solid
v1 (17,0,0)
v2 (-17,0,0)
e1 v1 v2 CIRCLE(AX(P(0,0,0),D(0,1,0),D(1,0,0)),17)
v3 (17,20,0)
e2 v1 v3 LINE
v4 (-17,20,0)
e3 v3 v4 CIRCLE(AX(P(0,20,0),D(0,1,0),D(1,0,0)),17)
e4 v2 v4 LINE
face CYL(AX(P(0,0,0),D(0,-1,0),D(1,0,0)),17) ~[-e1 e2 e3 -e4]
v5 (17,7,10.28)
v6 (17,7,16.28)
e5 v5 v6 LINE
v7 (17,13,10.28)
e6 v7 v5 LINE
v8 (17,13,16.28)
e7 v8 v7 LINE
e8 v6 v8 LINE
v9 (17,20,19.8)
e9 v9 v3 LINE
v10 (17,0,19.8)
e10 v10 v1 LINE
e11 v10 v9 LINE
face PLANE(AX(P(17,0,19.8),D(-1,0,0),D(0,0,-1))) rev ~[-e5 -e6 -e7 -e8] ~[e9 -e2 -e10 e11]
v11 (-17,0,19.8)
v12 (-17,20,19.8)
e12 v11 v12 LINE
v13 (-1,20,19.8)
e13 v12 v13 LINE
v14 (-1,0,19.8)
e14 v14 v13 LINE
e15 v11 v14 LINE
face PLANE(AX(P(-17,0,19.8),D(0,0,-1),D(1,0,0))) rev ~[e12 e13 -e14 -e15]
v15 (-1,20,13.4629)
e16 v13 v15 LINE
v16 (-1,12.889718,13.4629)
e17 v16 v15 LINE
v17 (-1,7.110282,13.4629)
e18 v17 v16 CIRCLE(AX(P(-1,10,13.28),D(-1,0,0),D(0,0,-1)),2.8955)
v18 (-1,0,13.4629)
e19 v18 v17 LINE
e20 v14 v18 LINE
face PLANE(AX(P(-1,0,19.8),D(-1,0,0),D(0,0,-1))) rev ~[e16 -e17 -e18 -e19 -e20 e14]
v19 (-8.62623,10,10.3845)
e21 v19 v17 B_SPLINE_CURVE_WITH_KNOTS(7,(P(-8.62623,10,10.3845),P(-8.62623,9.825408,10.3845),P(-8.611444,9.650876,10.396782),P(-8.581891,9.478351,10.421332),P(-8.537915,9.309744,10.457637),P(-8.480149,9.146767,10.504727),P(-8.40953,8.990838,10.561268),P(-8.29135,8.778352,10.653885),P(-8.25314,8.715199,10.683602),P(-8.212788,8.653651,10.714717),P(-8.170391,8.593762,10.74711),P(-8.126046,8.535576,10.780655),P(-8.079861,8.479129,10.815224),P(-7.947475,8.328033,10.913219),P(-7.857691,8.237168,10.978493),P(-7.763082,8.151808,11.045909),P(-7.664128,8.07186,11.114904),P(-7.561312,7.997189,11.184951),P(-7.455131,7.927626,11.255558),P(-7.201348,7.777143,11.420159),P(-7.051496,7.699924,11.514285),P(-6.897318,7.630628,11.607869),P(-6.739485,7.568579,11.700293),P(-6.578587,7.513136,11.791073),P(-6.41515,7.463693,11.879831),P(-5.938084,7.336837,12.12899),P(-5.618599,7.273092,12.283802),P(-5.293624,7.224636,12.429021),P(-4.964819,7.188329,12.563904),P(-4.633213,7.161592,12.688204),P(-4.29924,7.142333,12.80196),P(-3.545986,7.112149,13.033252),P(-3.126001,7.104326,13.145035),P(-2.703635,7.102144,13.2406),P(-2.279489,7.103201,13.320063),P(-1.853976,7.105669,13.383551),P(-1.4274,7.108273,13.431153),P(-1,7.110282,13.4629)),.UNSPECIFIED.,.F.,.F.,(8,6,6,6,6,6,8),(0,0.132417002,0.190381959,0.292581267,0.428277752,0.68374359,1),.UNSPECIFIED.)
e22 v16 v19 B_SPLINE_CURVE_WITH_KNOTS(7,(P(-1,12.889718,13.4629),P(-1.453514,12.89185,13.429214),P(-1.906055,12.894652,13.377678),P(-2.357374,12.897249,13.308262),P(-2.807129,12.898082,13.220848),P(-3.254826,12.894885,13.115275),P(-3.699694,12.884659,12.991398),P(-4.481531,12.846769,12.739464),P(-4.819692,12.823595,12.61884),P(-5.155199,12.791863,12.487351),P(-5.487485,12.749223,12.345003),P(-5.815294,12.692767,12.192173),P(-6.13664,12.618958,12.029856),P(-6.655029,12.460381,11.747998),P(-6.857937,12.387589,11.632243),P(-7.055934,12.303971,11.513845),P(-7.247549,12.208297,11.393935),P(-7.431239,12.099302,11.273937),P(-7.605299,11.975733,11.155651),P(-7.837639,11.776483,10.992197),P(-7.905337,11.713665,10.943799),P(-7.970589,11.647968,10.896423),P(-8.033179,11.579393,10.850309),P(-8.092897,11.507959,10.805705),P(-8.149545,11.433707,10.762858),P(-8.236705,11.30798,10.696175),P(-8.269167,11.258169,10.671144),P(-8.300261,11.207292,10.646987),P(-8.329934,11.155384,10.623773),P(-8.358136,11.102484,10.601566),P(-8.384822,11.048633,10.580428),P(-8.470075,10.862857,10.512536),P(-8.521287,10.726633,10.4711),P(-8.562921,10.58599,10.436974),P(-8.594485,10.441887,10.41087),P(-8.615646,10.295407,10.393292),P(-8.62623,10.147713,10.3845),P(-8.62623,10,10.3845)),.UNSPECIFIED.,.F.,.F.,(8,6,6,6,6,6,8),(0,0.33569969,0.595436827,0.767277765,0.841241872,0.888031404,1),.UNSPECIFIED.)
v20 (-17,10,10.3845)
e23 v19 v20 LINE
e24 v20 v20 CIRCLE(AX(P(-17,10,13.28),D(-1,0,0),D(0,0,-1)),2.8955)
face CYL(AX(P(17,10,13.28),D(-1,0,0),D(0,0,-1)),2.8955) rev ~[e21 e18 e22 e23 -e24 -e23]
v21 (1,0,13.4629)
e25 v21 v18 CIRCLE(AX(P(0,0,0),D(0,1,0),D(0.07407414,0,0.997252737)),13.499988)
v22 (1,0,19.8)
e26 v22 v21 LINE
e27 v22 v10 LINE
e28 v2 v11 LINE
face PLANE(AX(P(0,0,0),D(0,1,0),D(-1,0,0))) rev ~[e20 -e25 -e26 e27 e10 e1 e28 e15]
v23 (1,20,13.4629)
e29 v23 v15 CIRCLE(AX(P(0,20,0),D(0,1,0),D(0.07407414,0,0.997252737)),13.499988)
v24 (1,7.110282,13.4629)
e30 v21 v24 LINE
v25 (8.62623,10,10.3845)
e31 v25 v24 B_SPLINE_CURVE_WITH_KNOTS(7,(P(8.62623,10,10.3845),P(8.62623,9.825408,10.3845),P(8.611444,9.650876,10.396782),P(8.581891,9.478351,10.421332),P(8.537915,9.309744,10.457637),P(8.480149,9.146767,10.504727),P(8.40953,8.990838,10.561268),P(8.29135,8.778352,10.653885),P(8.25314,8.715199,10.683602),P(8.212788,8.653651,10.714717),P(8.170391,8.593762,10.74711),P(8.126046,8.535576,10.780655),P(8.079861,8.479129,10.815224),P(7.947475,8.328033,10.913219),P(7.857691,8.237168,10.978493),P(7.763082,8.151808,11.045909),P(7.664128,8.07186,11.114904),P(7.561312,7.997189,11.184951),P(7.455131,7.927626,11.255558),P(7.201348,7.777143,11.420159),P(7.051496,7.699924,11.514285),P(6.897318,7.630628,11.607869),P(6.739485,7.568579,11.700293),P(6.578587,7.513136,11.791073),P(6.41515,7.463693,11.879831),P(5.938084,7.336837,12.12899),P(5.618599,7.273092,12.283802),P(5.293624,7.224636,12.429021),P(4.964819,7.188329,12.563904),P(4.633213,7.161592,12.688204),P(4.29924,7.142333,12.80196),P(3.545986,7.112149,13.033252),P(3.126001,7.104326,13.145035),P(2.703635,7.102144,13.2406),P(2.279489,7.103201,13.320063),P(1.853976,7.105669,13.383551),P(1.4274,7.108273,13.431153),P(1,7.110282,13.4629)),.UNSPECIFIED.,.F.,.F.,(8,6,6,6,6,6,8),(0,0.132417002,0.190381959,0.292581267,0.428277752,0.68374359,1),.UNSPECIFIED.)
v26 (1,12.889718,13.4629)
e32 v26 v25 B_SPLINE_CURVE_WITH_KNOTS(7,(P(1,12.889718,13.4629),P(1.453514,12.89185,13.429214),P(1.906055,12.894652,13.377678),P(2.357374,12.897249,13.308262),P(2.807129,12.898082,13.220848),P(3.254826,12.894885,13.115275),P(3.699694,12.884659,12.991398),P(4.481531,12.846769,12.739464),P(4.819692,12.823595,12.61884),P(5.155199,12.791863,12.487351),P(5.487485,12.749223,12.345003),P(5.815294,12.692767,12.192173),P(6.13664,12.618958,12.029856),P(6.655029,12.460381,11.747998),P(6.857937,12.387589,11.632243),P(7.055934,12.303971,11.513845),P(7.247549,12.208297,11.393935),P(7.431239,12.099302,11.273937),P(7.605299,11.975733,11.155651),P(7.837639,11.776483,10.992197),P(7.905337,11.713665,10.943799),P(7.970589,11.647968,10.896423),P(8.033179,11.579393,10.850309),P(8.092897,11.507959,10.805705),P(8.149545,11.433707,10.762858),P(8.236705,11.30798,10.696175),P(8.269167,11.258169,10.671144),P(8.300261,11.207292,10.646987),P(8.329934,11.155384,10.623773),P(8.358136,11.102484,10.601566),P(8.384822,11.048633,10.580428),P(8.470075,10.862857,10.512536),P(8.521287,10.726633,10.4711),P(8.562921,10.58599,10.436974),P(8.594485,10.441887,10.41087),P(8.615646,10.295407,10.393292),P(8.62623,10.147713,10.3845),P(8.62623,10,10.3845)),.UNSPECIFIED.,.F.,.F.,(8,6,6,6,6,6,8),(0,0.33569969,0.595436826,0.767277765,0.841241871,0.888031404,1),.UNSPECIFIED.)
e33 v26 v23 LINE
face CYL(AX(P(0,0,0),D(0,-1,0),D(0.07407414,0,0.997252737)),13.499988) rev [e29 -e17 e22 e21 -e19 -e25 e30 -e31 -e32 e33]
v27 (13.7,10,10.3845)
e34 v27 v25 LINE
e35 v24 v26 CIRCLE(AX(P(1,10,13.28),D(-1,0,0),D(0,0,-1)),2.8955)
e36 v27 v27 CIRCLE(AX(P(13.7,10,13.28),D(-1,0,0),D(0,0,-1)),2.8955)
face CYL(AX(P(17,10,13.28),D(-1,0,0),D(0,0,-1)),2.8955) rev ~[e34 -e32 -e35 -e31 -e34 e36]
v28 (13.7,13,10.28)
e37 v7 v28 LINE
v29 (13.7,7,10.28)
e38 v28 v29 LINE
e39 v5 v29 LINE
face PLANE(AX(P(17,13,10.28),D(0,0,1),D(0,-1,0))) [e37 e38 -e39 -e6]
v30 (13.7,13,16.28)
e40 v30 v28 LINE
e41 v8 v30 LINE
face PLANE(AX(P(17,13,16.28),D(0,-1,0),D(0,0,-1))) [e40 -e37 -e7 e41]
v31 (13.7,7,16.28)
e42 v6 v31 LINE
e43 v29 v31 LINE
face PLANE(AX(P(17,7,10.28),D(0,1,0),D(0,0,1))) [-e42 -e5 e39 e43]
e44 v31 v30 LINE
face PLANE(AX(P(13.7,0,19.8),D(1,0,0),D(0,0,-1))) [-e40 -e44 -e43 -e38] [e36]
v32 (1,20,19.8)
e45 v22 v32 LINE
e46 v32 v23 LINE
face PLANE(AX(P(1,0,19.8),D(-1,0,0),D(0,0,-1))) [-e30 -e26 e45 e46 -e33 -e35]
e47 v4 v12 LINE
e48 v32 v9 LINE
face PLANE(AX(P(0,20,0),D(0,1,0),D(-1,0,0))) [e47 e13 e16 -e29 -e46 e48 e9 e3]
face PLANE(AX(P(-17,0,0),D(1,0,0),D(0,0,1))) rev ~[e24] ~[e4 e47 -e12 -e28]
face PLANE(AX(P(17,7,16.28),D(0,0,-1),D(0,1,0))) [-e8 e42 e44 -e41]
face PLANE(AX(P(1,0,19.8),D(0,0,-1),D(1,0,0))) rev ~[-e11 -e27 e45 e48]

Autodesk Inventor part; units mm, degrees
ref_plane "YZ Plane" through (0, 0, 0) normal (1, 0, 0) x (0, 1, 0)
ref_plane "XZ Plane" through (0, 0, 0) normal (0, 1, 0) x (-1, 0, 0)
ref_plane "XY Plane" through (0, 0, 0) normal (0, 0, 1) x (1, 0, 0)
sketch "Sketch1" plane through (0, 0, 0) normal (0, 1, 0) x (-1, 0, 0)
  arc A0 (-1, 13.4629) -> (1, 13.4629) centre (0, 0) ccw
  arc A1 (-17, 0) -> (17, 0) centre (0, 0) ccw
  line L0 (17, 0) -> (17, 19.8)
  line L1 (-17, 19.8) -> (-17, 0)
  line L2 (-1, 19.8) -> (-1, 13.4629)
  line L3 (1, 19.8) -> (1, 13.4629)
  line L4 (17, 19.8) -> (1, 19.8)
  line L5 (-1, 19.8) -> (-17, 19.8)
  dimension "d0" = 27
  dimension "d1" = 34
extrude "Extrusion1" add sketch "Sketch1" along normal blind 20
sketch "Sketch2" plane through (17, 0, 19.8) normal (1, 0, 0) x (0, 0, -1)
  line L0 (0, 0) -> (0, 20) projected
  line L1 (3.52, 13) -> (9.52, 13)
  line L2 (9.52, 13) -> (9.52, 7)
  line L3 (9.52, 7) -> (3.52, 7)
  line L4 (3.52, 7) -> (3.52, 13)
  line L5 (3.52, 13) -> (9.52, 7) construction
  line L6 (9.52, 13) -> (3.52, 7) construction
  point P0 (6.52, 10)
  dimension "d7" = 6.52
  dimension "d15" = 6
  dimension "d16" = 6
hole "Hole1" at (17, 10, 13.28) direction (-1, 0, 0) diameter 5.791 end through all clearance for "Flat Head Machine Screw (82)" size "#12" standard "Ansi Unified Screw Threads"
extrude "Extrusion2" cut sketch "Sketch2" against normal blind 3.3
properties part number "slik_clamp_head38_collar"
